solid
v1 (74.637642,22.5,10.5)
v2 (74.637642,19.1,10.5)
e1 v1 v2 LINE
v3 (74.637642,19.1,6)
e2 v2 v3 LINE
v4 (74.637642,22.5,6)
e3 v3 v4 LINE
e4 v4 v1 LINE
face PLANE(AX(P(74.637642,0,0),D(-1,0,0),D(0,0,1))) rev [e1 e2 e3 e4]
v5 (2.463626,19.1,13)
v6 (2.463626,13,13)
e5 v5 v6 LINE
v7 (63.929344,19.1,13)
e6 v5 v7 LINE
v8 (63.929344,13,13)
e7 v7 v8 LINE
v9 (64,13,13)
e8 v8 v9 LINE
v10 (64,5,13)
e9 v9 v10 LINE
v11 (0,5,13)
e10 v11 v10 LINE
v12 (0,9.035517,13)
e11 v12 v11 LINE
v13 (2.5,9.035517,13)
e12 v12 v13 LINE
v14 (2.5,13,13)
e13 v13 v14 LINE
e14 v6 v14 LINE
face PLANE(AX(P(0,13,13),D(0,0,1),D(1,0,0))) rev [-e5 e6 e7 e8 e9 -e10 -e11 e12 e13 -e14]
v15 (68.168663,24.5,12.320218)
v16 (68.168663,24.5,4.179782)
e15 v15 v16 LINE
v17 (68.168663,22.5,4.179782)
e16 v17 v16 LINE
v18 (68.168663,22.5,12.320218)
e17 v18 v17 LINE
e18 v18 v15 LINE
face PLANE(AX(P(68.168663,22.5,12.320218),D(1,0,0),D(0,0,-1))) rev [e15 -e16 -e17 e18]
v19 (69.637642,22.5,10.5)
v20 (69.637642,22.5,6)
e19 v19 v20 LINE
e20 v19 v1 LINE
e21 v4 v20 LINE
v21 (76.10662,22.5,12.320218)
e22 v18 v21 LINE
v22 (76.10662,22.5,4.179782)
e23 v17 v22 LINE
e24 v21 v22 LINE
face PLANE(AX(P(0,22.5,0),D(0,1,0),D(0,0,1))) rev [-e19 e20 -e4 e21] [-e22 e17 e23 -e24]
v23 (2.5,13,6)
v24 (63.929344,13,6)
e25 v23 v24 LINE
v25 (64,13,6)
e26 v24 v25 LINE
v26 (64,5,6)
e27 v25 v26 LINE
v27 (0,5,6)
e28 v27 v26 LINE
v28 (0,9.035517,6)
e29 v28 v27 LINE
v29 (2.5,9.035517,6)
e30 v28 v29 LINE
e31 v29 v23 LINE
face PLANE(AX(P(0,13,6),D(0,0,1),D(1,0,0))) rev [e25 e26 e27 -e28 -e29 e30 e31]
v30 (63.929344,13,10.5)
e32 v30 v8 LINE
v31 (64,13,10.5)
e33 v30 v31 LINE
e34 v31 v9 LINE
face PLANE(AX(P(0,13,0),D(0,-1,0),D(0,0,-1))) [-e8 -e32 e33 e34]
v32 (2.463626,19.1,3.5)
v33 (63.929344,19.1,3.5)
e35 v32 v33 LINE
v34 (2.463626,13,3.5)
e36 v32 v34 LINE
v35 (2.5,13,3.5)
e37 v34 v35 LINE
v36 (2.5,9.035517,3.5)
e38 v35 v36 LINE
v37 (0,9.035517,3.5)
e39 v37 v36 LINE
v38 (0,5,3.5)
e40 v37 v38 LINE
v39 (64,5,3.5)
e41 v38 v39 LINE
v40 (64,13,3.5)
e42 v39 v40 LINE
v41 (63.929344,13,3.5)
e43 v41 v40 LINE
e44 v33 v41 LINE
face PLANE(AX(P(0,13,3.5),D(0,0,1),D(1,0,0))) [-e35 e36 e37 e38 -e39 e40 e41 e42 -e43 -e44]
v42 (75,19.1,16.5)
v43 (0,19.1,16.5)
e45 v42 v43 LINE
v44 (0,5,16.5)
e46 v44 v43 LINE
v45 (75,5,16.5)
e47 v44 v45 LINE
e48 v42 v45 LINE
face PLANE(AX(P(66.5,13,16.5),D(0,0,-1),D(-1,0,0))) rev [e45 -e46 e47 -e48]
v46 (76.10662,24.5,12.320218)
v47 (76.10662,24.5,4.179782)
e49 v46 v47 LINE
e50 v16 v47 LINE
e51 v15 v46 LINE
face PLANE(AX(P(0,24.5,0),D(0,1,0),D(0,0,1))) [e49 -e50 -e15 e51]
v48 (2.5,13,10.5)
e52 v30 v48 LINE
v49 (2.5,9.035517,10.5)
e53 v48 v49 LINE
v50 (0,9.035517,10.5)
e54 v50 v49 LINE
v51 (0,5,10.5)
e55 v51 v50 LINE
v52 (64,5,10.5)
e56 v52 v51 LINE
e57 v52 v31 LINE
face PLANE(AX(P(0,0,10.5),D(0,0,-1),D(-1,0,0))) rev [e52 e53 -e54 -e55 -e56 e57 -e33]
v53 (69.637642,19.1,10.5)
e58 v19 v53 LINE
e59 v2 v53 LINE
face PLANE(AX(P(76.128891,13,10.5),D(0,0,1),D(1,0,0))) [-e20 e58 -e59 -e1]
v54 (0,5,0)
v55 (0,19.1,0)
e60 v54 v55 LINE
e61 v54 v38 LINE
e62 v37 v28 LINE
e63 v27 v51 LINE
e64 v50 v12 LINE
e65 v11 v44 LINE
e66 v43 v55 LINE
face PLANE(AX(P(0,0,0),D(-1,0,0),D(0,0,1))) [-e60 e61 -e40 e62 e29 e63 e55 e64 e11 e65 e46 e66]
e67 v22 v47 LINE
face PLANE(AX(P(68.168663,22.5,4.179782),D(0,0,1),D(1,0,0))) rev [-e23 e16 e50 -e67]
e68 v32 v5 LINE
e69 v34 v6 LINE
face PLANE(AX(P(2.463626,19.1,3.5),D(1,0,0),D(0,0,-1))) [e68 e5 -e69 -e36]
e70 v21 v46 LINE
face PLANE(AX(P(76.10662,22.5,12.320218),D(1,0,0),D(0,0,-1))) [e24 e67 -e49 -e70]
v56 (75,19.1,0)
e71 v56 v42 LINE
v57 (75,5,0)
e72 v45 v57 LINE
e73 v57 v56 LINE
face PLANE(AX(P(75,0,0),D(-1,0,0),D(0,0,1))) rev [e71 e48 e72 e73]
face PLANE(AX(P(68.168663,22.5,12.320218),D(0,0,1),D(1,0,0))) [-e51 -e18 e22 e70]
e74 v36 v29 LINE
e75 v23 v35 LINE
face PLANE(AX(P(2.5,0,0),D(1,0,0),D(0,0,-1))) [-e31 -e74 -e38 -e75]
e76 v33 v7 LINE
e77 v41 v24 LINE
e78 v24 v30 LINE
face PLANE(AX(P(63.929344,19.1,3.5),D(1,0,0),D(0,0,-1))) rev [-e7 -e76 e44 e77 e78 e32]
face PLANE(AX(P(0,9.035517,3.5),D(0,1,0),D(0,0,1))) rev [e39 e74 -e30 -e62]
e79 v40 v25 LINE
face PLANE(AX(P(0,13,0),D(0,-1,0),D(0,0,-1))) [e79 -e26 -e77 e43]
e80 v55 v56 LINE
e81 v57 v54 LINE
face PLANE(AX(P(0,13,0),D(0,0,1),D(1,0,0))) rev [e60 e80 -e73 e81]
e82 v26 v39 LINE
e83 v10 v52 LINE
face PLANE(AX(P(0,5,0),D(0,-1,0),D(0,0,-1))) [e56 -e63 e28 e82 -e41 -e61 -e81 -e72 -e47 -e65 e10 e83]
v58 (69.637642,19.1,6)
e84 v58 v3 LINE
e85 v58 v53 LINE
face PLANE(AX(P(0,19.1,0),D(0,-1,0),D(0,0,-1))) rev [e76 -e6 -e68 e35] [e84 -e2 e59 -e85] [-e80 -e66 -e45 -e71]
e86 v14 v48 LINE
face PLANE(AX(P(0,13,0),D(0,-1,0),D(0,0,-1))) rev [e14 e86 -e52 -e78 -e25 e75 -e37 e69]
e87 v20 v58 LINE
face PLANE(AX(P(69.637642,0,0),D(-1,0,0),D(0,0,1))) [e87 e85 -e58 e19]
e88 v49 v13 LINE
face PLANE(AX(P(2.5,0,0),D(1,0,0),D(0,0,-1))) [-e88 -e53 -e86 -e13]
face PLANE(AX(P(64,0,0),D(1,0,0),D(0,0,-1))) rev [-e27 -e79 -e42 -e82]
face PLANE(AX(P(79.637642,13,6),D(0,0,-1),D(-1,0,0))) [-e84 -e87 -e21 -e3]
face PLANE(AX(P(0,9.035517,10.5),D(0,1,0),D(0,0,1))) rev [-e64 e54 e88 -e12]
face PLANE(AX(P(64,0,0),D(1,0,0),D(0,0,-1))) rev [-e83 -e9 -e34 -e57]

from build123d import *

# Parameters (mm, degrees)
BOSS_EXTRUDE1_DEPTH  = 13
CUT_EXTRUDE1_DEPTH   = 66.5
BOSS_EXTRUDE4_DEPTH  = 6.1
CUT_EXTRUDE2_DEPTH   = 6.1
BOSS_EXTRUDE6_DEPTH  = 2.5
BOSS_EXTRUDE7_DEPTH  = 2.5
BOSS_EXTRUDE8_DEPTH  = 19.1
BOSS_EXTRUDE12_DEPTH = 9.5
BOSS_EXTRUDE13_DEPTH = 2.5
CUT_EXTRUDE4_DEPTH   = 5
CUT_EXTRUDE5_DEPTH   = 6.5
BOSS_EXTRUDE14_DEPTH = 10
CUT_EXTRUDE7_DEPTH   = 13
CUT_EXTRUDE8_DEPTH   = 5
CUT_EXTRUDE9_DEPTH   = 5
BOSS_EXTRUDE15_DEPTH = 2


with BuildPart() as part:
    # 3DSketch1 → Boss-Extrude1 (new body)
    with BuildSketch(Plane(origin=(0, 0, 0), x_dir=(0.970570246541768, 0, 0.2408181814727695), z_dir=(0, 1, 0))):
        Polygon((0, 0), (64.542921395, 16.014409068), (68.516421389, 0), (3.973499994, -16.014409068), align=None)
    extrude(amount=BOSS_EXTRUDE1_DEPTH)

    # 3DSketch2 → Cut-Extrude1 (cut)
    with BuildSketch(Plane(origin=(0, 13, 3.5), x_dir=(0, -0.8073911222578979, 0.59001658934231), z_dir=(1, 0, 0))):
        Polygon((0, 0), (10.496084589, 7.670215661), (11.971126063, 5.651737856), (1.475041473, -2.018477806), align=None)
        Polygon((14.626200715, 2.018477806), (4.130116125, -5.651737856), (5.605157599, -7.670215661), (16.101242188, 0), align=None)
    extrude(amount=CUT_EXTRUDE1_DEPTH, mode=Mode.SUBTRACT)


with BuildPart() as cut_extrude1_piece_1:
    # of the separate pieces the step leaves, piece 1, a body of its own (cut_extrude1_pieces)
    add(part.part.solids().sort_by_distance((0, 0, 10.5))[0])



with BuildPart() as cut_extrude1_piece_2:
    # of the separate pieces the step leaves, piece 2, a body of its own (cut_extrude1_pieces)
    add(part.part.solids().sort_by_distance((0, 0, 16.5))[0])


with BuildPart() as cut_extrude1_piece_3:
    # of the separate pieces the step leaves, piece 3, a body of its own (cut_extrude1_pieces)
    add(part.part.solids().sort_by_distance((0, 0, 0))[0])


with BuildPart() as cut_extrude1_piece_1_1:
    add(cut_extrude1_piece_1.part)

    add(cut_extrude1_piece_2.part)  # Boss-Extrude4 merges Cut-Extrude1 piece 2

    add(cut_extrude1_piece_3.part)  # Boss-Extrude4 merges Cut-Extrude1 piece 3
    # 3DSketch3 → Boss-Extrude4 (add)
    with BuildSketch(Plane(origin=(0, 13, 0), x_dir=(0.970570246541768, 0, 0.2408181814727695), z_dir=(0, 1, 0))):
        Polygon((0, 0), (64.542921395, 16.014409068), (68.516421389, 0), (3.973499994, -16.014409068), align=None)
    extrude(amount=BOSS_EXTRUDE4_DEPTH)

    # 3DSketch4 → Cut-Extrude2 (cut)
    with BuildSketch(Plane(origin=(2.463625992, 19.1, 3.5), x_dir=(0.9882657761690827, 0, 0.15274408549243565), z_dir=(0, 1, 0))):
        Polygon((0, 0), (60.744465433, 9.388524874), (62.195534245, 0), (1.451068812, -9.388524874), align=None)
    extrude(amount=-CUT_EXTRUDE2_DEPTH, mode=Mode.SUBTRACT)

    # 3DSketch5 → Boss-Extrude6 (add)
    with BuildSketch(Plane(origin=(0, 13, 3.5), x_dir=(0, -0.38512437764181645, 0.9228646779165425), z_dir=(-1, 0, 0))):
        Polygon((0, 0), (0.564008213, -1.351519893), (1.526819157, -3.658681588), (3.833980852, -2.695870643), (2.871169908, -0.388708949), (2.307161695, 0.962810944), align=None)
        Polygon((6.460052745, 2.695870643), (7.024060958, 1.344350751), (7.986871902, -0.962810944), (10.294033597, 0), (9.331222653, 2.307161695), (8.76721444, 3.658681588), align=None)
    extrude(amount=-BOSS_EXTRUDE6_DEPTH)

    # 3DSketch6 → Boss-Extrude7 (add)
    with BuildSketch(Plane(origin=(66.5, 0, 13), x_dir=(0, 0.8073911222578979, -0.5900165893423102), z_dir=(-1, 0, 0))):
        Polygon((0, 0), (1.475041473, 2.018477806), (11.971126063, -5.651737856), (10.496084589, -7.670215661), align=None)
        Polygon((14.626200715, -2.018477806), (4.130116125, 5.651737856), (5.605157599, 7.670215661), (16.101242188, 0), align=None)
    extrude(amount=BOSS_EXTRUDE7_DEPTH)

    # 3DSketch7 → Boss-Extrude8 (add)
    with BuildSketch(Plane(origin=(66.5, 0, 0), x_dir=(0.7713732785400773, 0, 0.6363829547955637), z_dir=(0, 1, 0))):
        Polygon((0, 0), (15.427465571, 12.727659096), (25.927784325, 0), (10.500318754, -12.727659096), align=None)
    extrude(amount=BOSS_EXTRUDE8_DEPTH)

    # 3DSketch8 → Boss-Extrude12 (add)
    with BuildSketch(Plane(origin=(76.128891267, 13, 6), x_dir=(-0.9382075830120803, 0, 0.3460730142305674), z_dir=(0, 1, 0))):
        Polygon((0, 0), (1.557328564, 4.221934124), (-1.734607538, 5.436217903), (-3.291936102, 1.214283779), align=None)
    extrude(amount=BOSS_EXTRUDE12_DEPTH)

    # 3DSketch9 → Boss-Extrude13 (add)
    with BuildSketch(Plane(origin=(75.345809824, 22.5, 11.764688466), x_dir=(0.5846855732237681, 0, -0.8112599956018993), z_dir=(0, 1, 0))):
        Polygon((0, 0), (5.702652298, 4.10997528), (8.664764649, 0), (2.962112351, -4.10997528), align=None)
    extrude(amount=BOSS_EXTRUDE13_DEPTH)

    # 3DSketch11 → Cut-Extrude4 (cut)
    with BuildSketch(Plane(origin=(0, 0, 0), x_dir=(0.9822888340033693, 0, 0.18737301457867736), z_dir=(0, -1, 0))):
        Polygon((0, 0), (3.091654741, 16.207765761), (88.059638882, 0), (84.967984141, -16.207765761), align=None)
    extrude(amount=-CUT_EXTRUDE4_DEPTH, mode=Mode.SUBTRACT)

    # 3DSketch12 → Cut-Extrude5 (cut)
    with BuildSketch(Plane(origin=(86.5, 5, 0), x_dir=(0, 0.6496523275821462, 0.7602314471705968), z_dir=(1, 0, 0))):
        Polygon((0, 0), (12.543818878, 10.719263405), (21.703916697, 0), (9.160097819, -10.719263405), align=None)
    extrude(amount=-CUT_EXTRUDE5_DEPTH, mode=Mode.SUBTRACT)

    # 3DSketch13 → Boss-Extrude14 (add)
    with BuildSketch(Plane(origin=(79.637641528, 22.5, 10.5), x_dir=(0, -0.6028330891856902, -0.7978673239222407), z_dir=(-1, 0, 0))):
        Polygon((0, 0), (2.049632503, 2.712748901), (5.640035461, 0), (3.590402958, -2.712748901), align=None)
    extrude(amount=BOSS_EXTRUDE14_DEPTH)

    # 3DSketch14 → Cut-Extrude7 (cut)
    with BuildSketch(Plane(origin=(80.41197271, 22.5, 4.735311534), x_dir=(0, 0.3350889131315588, 0.9421865103557314), z_dir=(-1, 0, 0))):
        Polygon((0, 0), (0.837722283, 2.355466276), (7.460706404, 0), (6.622984121, -2.355466276), align=None)
    extrude(amount=CUT_EXTRUDE7_DEPTH, mode=Mode.SUBTRACT)

    # 3DSketch15 → Cut-Extrude8 (cut)
    with BuildSketch(Plane(origin=(79.637641528, 22.5, 10.5), x_dir=(0, -0.6028330891856902, -0.7978673239222407), z_dir=(-1, 0, 0))):
        Polygon((0, 0), (2.049632503, 2.712748901), (5.640035461, 0), (3.590402958, -2.712748901), align=None)
    extrude(amount=CUT_EXTRUDE8_DEPTH, mode=Mode.SUBTRACT)

    # 3DSketch16 → Cut-Extrude9 (cut)
    with BuildSketch(Plane(origin=(80, 19.1, 0), x_dir=(0, -0.6496523275821462, 0.7602314471705968), z_dir=(-1, 0, 0))):
        Polygon((0, 0), (12.543818878, 10.719263405), (21.703916697, 0), (9.160097819, -10.719263405), align=None)
    extrude(amount=CUT_EXTRUDE9_DEPTH, mode=Mode.SUBTRACT)

    # 3DSketch17 → Boss-Extrude15 (add)
    with BuildSketch(Plane(origin=(68.168662732, 22.5, 12.3202178), x_dir=(0.6981467055639471, 0, -0.7159547314671559), z_dir=(0, -1, 0))):
        Polygon((0, 0), (5.828183385, -5.683218296), (11.370042327, 0), (5.541858942, 5.683218296), align=None)
    extrude(amount=-BOSS_EXTRUDE15_DEPTH)


solid = cut_extrude1_piece_1_1.part
